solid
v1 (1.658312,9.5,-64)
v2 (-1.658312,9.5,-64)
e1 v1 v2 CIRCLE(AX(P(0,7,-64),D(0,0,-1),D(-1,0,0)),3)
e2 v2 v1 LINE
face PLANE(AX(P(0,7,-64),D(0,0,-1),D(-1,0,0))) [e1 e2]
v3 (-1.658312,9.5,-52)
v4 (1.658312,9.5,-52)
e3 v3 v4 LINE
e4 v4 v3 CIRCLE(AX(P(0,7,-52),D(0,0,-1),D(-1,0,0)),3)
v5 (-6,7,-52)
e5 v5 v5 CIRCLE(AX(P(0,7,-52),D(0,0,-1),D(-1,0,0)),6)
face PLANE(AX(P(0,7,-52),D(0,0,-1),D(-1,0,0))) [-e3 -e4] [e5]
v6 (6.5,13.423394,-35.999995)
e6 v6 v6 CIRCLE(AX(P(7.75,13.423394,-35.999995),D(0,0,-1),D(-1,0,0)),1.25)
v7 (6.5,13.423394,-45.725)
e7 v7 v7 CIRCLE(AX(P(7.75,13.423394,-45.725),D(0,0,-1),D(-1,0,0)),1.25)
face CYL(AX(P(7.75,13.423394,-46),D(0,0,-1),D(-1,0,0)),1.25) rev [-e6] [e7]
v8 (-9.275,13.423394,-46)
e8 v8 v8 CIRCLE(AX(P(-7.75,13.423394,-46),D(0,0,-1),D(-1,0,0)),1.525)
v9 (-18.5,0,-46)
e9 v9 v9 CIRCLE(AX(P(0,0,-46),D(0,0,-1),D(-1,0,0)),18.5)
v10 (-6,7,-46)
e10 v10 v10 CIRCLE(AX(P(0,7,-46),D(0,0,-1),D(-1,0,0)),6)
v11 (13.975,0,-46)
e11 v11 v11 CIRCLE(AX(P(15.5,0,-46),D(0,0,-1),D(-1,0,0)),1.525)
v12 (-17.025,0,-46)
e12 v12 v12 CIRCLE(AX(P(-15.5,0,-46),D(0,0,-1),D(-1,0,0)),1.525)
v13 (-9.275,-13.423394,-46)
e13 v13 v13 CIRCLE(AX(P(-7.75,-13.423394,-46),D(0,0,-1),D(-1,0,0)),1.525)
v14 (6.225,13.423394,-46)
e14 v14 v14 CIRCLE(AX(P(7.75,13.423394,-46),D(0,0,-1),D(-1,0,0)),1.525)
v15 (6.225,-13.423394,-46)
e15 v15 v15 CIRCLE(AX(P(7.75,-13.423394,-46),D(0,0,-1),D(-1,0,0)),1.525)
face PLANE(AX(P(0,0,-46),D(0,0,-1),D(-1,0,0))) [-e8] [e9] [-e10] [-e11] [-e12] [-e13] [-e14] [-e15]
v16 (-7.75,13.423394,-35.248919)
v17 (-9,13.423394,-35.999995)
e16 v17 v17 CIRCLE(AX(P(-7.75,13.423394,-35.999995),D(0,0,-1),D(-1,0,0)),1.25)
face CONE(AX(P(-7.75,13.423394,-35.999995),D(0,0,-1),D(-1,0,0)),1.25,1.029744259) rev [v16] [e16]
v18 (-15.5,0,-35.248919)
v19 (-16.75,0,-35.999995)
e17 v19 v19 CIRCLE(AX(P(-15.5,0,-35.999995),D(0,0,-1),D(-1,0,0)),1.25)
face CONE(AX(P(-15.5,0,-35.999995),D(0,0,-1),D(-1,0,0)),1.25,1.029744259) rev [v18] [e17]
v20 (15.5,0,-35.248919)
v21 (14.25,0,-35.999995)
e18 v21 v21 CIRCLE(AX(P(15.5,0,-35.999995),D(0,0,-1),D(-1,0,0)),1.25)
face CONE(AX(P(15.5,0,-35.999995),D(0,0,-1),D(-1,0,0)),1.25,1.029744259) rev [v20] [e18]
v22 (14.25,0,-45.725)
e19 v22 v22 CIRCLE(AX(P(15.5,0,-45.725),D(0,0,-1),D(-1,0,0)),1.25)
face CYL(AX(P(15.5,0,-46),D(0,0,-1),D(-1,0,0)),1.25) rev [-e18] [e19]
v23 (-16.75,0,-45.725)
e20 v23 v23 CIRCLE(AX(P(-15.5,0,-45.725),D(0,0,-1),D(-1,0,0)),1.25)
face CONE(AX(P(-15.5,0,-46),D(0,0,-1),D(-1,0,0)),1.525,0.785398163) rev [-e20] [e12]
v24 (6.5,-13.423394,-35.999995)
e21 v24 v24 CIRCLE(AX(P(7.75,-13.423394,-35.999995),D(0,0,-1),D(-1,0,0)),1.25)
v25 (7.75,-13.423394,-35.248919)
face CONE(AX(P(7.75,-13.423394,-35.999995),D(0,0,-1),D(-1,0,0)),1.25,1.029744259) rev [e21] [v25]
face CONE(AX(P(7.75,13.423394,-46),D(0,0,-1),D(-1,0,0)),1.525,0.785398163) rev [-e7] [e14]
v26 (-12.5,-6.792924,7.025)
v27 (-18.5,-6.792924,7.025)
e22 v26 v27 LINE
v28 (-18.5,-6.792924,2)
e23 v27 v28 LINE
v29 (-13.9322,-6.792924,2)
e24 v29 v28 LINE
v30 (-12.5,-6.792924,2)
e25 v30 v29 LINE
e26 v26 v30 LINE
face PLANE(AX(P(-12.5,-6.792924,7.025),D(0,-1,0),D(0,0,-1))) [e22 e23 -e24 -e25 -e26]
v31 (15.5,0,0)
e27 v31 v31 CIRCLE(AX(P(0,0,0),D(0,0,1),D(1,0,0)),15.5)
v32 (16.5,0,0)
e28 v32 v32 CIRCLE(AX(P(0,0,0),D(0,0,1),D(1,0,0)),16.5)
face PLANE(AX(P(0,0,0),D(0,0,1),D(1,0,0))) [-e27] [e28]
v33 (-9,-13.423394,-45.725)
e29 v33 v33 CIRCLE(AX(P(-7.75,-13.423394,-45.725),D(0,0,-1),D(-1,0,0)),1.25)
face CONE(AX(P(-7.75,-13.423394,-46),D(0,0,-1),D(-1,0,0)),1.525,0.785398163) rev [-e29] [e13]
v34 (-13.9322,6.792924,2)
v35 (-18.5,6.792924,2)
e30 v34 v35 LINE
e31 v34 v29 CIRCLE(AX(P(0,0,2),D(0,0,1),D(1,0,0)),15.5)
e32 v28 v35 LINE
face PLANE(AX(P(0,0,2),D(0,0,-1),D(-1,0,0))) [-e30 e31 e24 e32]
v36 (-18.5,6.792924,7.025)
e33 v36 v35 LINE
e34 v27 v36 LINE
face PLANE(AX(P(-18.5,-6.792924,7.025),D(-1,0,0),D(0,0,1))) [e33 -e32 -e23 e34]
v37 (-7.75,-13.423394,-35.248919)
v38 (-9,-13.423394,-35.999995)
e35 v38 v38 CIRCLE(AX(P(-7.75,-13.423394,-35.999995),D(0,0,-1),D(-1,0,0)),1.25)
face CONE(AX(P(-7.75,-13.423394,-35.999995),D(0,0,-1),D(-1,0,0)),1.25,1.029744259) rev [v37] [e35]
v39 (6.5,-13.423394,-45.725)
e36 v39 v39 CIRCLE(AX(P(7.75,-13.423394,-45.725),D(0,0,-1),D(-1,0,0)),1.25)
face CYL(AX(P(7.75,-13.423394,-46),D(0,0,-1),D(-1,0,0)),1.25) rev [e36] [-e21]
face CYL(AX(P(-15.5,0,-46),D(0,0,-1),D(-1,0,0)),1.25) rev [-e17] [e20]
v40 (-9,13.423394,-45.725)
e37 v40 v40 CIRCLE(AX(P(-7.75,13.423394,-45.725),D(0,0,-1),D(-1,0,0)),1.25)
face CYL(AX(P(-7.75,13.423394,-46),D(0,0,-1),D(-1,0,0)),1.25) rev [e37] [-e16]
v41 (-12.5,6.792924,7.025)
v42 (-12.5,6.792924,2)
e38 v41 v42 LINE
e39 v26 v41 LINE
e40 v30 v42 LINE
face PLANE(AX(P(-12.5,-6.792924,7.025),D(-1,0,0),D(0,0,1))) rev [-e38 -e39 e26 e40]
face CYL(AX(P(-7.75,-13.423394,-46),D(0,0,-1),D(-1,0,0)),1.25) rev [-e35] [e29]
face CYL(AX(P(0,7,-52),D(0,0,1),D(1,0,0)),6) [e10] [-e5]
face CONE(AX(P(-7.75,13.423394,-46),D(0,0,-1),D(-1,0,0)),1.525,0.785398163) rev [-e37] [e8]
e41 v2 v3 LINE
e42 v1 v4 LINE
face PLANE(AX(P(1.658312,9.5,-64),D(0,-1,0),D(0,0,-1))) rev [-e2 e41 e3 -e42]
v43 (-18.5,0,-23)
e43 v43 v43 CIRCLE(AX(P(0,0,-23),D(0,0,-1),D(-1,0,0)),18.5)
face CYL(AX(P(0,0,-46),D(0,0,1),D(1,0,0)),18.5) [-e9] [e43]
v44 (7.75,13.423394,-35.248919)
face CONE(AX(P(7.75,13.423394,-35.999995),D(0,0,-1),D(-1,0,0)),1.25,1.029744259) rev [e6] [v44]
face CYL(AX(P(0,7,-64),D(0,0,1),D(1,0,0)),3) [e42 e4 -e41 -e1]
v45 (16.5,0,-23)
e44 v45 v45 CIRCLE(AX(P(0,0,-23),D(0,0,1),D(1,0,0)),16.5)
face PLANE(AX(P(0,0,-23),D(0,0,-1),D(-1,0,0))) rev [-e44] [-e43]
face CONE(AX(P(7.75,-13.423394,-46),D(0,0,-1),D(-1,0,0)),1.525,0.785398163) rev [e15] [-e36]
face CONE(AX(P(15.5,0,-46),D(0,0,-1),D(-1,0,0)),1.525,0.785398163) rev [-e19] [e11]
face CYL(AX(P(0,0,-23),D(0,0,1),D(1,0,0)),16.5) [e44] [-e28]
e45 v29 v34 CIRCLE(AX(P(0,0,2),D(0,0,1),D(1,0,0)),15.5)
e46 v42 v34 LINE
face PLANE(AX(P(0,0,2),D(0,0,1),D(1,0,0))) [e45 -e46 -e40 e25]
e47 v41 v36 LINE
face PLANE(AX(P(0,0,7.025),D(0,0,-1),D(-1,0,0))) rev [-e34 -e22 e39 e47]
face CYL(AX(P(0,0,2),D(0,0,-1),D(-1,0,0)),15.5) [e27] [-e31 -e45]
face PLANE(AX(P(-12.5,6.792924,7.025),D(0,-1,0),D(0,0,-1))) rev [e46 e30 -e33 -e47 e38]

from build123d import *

# Parameters (mm, degrees)
SKETCH1_R           = 16.5
BOSS_EXTRUDE1_DEPTH = 23
SKETCH2_R           = 18.5
BOSS_EXTRUDE2_DEPTH = 23
SKETCH3_R           = 6
BOSS_EXTRUDE3_DEPTH = 6
BOSS_EXTRUDE4_DEPTH = 12
CIRPATTERN1_COUNT   = 6
SKETCH8_R           = 15.5
BOSS_EXTRUDE5_DEPTH = 2
SKETCH10_W          = 6
SKETCH10_H          = 13.585847052
BOSS_EXTRUDE6_DEPTH = 5.02500011


with BuildPart() as part:
    # Sketch1 → Boss-Extrude1 (new body)
    with BuildSketch(Plane.XY):
        Circle(SKETCH1_R)
    extrude(amount=-BOSS_EXTRUDE1_DEPTH)

    # Sketch2 → Boss-Extrude2 (add)
    with BuildSketch(Plane(origin=(0, 0, -23), x_dir=(-1, 0, 0), z_dir=(0, 0, -1))):
        Circle(SKETCH2_R)
    extrude(amount=BOSS_EXTRUDE2_DEPTH)

    # Sketch3 → Boss-Extrude3 (add)
    with BuildSketch(Plane(origin=(0, 0, -46), x_dir=(-1, 0, 0), z_dir=(0, 0, -1))):
        with Locations((0, 7)):
            Circle(SKETCH3_R)
    extrude(amount=BOSS_EXTRUDE3_DEPTH)

    # Sketch4 → Boss-Extrude4 (add)
    with BuildSketch(Plane(origin=(0, 0, -52), x_dir=(-1, 0, 0), z_dir=(0, 0, -1))):
        with BuildLine():
            Line((-1.658312395, 9.5), (1.658312395, 9.5))
            ThreePointArc((1.658312395, 9.5), (0, 4), (-1.658312395, 9.5))
        make_face()
    extrude(amount=BOSS_EXTRUDE4_DEPTH)

    # Sketch7 → M3x0.5 Tapped Hole1 (revolve, cut)
    with BuildSketch(Plane(origin=(-15.5, 0, -46), x_dir=(0, 1, 0), z_dir=(1, 0, 0))):
        Polygon((0, 0), (0, 10.751081174), (1.25, 10.0000054), (1.25, 0.275), (1.525, 0), align=None)
    m3x0_5_tapped_hole1 = revolve(axis=Axis((-15.5, 0, -52.35), (0, 0, 1)), mode=Mode.SUBTRACT)

    # CirPattern1: M3x0.5 Tapped Hole1 ×6 about axis
    cirpattern1_axis = Axis((0, 0, 0), (0, 0, 1))
    for i in range(1, CIRPATTERN1_COUNT):
        add(m3x0_5_tapped_hole1.rotate(cirpattern1_axis, i * 360 / CIRPATTERN1_COUNT), mode=Mode.SUBTRACT)

    # Sketch8 → Boss-Extrude5 (add)
    with BuildSketch(Plane.XY):
        Circle(SKETCH8_R)
    extrude(amount=BOSS_EXTRUDE5_DEPTH)

    # Sketch10 → Boss-Extrude6 (add)
    with BuildSketch(Plane.XY.offset(2)):
        with Locations((-15.5, 0)):
            Rectangle(SKETCH10_W, SKETCH10_H)
    extrude(amount=BOSS_EXTRUDE6_DEPTH)


solid = part.part
